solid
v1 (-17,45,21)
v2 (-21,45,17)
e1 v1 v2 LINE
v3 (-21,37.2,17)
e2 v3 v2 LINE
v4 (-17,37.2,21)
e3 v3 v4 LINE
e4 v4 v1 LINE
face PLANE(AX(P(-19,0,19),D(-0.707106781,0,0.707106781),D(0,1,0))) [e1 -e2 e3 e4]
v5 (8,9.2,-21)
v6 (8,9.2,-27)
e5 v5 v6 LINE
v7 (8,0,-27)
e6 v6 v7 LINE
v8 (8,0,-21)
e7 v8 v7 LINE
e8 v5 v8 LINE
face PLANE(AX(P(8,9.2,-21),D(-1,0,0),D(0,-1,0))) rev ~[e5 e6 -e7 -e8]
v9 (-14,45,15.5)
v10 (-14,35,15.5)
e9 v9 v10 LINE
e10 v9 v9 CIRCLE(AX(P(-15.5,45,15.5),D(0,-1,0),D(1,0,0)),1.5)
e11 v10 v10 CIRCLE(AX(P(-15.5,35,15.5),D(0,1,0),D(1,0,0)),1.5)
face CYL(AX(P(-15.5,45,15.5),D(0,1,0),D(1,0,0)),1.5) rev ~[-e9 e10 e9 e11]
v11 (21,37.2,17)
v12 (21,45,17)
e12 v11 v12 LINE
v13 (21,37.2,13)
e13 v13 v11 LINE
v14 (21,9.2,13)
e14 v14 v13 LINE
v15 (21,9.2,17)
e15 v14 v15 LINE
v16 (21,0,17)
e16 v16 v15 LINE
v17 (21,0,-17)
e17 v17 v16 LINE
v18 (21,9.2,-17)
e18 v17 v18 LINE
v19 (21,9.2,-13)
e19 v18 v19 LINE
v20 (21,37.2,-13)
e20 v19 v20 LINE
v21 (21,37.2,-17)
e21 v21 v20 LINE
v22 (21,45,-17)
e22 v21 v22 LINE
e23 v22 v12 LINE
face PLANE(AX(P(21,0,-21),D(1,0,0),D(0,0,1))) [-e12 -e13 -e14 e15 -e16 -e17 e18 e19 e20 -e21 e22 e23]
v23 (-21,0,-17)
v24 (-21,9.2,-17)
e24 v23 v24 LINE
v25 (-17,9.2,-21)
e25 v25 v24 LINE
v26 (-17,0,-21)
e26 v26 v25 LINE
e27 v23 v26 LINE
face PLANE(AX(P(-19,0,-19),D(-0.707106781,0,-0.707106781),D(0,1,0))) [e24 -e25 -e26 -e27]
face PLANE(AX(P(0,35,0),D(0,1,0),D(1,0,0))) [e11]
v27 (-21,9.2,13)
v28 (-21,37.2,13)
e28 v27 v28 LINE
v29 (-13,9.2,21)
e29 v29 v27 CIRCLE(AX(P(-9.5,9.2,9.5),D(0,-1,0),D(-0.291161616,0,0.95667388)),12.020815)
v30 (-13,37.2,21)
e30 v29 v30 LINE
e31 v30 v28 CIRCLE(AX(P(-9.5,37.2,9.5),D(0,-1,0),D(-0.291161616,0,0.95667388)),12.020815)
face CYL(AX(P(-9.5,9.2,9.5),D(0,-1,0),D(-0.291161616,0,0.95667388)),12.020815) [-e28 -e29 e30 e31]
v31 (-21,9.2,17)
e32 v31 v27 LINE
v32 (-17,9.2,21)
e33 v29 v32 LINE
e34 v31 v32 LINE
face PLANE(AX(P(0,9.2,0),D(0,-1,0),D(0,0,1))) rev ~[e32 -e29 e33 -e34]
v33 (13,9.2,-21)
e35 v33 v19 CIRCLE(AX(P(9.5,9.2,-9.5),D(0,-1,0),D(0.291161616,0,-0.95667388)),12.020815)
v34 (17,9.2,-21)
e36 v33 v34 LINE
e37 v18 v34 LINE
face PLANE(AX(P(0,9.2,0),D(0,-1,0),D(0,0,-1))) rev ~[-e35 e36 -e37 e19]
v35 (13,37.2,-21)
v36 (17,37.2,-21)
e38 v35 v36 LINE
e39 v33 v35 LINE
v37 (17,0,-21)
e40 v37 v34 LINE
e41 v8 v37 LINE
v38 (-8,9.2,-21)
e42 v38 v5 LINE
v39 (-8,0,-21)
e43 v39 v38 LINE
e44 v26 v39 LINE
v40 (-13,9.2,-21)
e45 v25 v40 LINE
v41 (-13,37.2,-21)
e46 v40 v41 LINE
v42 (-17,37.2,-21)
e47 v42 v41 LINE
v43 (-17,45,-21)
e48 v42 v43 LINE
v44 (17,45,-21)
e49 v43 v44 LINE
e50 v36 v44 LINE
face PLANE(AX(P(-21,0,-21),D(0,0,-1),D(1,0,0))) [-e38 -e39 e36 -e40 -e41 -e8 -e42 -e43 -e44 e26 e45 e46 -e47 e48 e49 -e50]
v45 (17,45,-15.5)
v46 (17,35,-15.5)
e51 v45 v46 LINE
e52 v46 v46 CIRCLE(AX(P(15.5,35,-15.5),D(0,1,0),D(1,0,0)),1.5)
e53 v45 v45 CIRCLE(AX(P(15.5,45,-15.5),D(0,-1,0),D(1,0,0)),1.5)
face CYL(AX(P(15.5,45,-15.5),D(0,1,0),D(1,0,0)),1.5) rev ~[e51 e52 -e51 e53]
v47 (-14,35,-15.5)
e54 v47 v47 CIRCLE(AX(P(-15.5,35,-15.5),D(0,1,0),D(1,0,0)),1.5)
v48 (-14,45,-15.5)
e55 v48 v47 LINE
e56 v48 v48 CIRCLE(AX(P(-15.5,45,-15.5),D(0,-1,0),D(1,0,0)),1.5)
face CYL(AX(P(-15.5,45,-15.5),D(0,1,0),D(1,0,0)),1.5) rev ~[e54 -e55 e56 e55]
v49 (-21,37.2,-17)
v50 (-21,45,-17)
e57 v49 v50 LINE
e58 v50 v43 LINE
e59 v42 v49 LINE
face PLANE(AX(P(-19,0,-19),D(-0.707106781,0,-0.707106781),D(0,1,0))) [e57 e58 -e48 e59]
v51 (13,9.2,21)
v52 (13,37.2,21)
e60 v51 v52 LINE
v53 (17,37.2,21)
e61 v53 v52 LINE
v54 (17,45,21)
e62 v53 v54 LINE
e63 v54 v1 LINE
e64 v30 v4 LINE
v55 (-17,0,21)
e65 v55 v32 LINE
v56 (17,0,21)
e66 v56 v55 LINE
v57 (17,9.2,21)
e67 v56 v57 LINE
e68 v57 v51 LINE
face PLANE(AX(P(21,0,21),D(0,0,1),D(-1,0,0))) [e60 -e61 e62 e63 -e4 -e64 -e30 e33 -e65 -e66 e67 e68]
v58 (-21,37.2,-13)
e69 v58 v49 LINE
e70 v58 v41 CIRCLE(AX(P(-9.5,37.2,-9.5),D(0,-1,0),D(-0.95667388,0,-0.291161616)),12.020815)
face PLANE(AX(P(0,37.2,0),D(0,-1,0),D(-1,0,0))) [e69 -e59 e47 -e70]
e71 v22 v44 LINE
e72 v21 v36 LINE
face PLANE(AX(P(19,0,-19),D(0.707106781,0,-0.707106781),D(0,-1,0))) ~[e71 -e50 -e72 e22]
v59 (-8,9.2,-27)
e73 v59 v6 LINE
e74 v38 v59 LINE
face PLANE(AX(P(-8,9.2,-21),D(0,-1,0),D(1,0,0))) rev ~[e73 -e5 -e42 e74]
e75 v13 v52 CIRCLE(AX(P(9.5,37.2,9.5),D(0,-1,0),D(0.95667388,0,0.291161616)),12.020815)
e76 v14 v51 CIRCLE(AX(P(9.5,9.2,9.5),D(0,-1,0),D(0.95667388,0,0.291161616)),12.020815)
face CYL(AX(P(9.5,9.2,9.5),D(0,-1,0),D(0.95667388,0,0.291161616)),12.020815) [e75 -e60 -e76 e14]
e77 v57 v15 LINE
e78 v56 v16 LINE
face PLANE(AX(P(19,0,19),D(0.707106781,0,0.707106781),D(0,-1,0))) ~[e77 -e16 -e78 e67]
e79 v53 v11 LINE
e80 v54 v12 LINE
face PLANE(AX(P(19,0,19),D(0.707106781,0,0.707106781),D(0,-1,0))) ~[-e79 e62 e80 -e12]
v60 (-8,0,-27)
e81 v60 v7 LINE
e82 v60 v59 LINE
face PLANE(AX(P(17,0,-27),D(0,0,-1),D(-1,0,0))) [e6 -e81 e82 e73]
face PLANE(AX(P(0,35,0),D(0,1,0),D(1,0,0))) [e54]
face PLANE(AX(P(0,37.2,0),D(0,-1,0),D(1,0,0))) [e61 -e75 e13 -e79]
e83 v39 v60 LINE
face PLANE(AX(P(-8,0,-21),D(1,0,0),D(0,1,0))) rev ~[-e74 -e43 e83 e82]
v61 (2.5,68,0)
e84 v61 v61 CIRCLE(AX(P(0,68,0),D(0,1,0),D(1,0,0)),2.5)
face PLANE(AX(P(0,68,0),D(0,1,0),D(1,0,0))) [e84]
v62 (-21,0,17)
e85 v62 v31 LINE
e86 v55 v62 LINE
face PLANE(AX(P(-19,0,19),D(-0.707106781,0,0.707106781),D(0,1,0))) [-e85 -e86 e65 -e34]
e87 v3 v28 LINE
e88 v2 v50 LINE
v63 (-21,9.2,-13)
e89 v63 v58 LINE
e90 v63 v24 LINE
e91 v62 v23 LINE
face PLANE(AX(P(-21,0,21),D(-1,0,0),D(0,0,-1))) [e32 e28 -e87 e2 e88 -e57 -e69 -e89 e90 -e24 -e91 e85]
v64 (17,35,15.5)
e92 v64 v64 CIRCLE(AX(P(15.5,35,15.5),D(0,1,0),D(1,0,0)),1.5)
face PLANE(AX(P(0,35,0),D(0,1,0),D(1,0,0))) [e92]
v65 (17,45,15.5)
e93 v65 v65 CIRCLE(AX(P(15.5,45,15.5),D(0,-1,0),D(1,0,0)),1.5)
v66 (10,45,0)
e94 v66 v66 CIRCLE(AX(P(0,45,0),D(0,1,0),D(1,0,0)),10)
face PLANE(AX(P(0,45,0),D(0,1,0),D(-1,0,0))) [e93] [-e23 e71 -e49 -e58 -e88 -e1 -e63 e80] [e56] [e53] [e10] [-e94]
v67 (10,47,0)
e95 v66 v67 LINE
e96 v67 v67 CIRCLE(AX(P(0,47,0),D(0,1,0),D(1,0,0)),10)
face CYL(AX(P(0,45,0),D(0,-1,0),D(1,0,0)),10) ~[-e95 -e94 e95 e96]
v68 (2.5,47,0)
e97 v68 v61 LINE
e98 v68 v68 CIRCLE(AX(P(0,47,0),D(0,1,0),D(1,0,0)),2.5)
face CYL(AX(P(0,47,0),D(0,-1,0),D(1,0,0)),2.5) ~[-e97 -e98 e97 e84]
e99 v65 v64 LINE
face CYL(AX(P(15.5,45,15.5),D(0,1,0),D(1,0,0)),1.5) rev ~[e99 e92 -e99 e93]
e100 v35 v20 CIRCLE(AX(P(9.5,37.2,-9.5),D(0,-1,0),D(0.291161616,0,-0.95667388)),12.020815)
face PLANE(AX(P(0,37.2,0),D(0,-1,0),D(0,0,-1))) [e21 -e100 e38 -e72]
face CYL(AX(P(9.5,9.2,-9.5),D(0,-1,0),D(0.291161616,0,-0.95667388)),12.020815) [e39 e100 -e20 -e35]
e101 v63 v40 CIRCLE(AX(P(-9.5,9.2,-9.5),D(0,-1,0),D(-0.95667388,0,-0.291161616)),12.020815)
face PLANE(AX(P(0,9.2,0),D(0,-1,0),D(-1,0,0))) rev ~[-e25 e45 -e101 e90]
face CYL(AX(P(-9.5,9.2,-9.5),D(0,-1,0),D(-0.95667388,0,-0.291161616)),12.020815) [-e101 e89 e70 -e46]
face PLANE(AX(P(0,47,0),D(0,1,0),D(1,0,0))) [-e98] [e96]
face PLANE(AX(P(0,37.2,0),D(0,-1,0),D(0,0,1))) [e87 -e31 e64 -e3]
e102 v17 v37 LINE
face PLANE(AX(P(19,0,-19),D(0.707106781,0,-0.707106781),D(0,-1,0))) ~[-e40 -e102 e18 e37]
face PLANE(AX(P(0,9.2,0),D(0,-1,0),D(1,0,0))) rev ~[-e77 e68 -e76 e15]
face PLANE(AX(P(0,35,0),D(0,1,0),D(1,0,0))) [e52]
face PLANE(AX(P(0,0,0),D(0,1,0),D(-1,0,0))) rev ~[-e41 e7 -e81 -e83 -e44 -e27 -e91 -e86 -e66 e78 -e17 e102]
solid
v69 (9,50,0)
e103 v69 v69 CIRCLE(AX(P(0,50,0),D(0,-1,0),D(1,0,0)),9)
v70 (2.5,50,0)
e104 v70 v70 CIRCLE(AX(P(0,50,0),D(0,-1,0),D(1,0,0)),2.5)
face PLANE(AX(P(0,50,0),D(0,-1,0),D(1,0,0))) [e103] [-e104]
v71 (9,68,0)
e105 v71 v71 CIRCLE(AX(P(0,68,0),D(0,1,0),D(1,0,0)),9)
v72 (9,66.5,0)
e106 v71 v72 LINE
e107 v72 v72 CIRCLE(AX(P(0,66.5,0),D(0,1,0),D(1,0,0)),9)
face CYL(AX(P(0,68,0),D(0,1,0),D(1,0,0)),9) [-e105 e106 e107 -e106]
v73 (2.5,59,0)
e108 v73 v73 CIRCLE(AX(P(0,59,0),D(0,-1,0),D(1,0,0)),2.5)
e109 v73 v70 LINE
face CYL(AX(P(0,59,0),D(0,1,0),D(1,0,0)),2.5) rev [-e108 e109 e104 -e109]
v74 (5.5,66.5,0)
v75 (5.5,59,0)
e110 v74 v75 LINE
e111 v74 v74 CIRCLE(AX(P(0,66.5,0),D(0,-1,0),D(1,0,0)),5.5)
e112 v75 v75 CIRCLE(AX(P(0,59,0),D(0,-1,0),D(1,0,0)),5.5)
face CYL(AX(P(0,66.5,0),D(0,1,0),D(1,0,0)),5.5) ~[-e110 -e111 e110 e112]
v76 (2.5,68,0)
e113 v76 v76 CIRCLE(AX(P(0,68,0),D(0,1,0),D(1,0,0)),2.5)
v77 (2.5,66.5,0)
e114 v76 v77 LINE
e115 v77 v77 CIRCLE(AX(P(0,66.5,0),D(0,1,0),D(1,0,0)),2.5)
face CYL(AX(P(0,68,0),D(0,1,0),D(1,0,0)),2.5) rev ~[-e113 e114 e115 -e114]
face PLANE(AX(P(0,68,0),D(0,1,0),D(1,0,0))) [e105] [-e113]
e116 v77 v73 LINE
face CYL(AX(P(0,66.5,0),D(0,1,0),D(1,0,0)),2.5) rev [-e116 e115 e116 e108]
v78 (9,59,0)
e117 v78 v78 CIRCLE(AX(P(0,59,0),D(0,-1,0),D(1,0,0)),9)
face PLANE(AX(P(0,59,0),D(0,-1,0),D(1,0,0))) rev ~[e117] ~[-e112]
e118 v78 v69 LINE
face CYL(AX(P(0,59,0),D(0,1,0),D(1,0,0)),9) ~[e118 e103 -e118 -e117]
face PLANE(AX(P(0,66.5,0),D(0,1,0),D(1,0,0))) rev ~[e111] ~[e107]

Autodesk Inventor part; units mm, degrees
ref_plane "YZ Plane" through (0, 0, 0) normal (1, 0, 0) x (0, 1, 0)
ref_plane "XZ Plane" through (0, 0, 0) normal (0, 1, 0) x (-1, 0, 0)
ref_plane "XY Plane" through (0, 0, 0) normal (0, 0, 1) x (1, 0, 0)
sketch "Sketch1" plane through (0, 0, 0) normal (0, 1, 0) x (-1, 0, 0)
  line L0 (-21, 21) -> (21, 21)
  line L1 (21, 21) -> (21, -21)
  line L2 (21, -21) -> (-21, -21)
  line L3 (-21, -21) -> (-21, 21)
  line L4 (-21, 21) -> (21, -21) construction
  line L5 (21, 21) -> (-21, -21) construction
  point P0 (0, 0)
  dimension "d0" = 42
  dimension "d1" = 42
extrude "Extrusion1" add sketch "Sketch1" along normal blind 45
sketch "Sketch3" plane through (0, 45, 0) normal (0, 1, 0) x (1, 0, 0)
  circle A0 centre (0, 0) radius 10
  dimension "d4" = 20
extrude "Extrusion2" add sketch "Sketch3" along normal blind 2
sketch "Sketch4" plane through (0, 45, 0) normal (0, 1, 0) x (1, 0, 0)
  circle A0 centre (0, 0) radius 10 projected
  line L0 (-15.5, 15.5) -> (15.5, 15.5)
  line L1 (15.5, 15.5) -> (15.5, -15.5)
  line L2 (15.5, -15.5) -> (-15.5, -15.5)
  line L3 (-15.5, -15.5) -> (-15.5, 15.5)
  line L4 (-15.5, 15.5) -> (15.5, -15.5) construction
  line L5 (15.5, 15.5) -> (-15.5, -15.5) construction
  circle A1 centre (15.5, 15.5) radius 1.5
  circle A2 centre (-15.5, 15.5) radius 1.5
  circle A3 centre (-15.5, -15.5) radius 1.5
  circle A4 centre (15.5, -15.5) radius 1.5
  dimension "d7" = 31
  dimension "d8" = 31
  dimension "d9" = 3
  dimension "d10" = 3
  dimension "d11" = 3
  dimension "d12" = 3
extrude "Extrusion3" cut sketch "Sketch4" against normal blind 10 contours L3 A2 L0 | L0 A2 L3 | A1 L1 L0 | L0 L1 A1 | A3 L2 L3 | L3 L2 A3 | A4 L2 L1 | L1 L2 A4
chamfer "Chamfer1" distance 4 angle 45 4 edges at (-21, 22.5, -21) (21, 22.5, -21) (-21, 22.5, 21) (21, 22.5, 21)
sketch "Sketch5" plane through (0, 47, 0) normal (0, 1, 0) x (1, 0, 0)
  circle A0 centre (0, 0) radius 10 projected
  circle A1 centre (0, 0) radius 2.5
  dimension "d18" = 5
extrude "Extrusion4" add sketch "Sketch5" along normal blind 21 contours A1
ref_plane "Work Plane1" through (0, 9.2, 0) normal (0, -1, 0) x (1, 0, 0)
sketch "Sketch6" plane through (0, 9.2, 0) normal (0, -1, 0) x (1, 0, 0)
  line L0 (17, 21) -> (21, 17) projected
  line L1 (17, 21) -> (-17, 21) projected
  line L2 (-21, 17) -> (-17, 21) projected
  line L3 (-21, 17) -> (-21, -17) projected
  line L4 (-17, -21) -> (-21, -17) projected
  line L5 (-17, -21) -> (17, -21) projected
  line L6 (21, -17) -> (17, -21) projected
  line L7 (21, -17) -> (21, 17) projected
  arc A0 (21, 13) -> (13, 21) centre (9.5, 9.5) ccw
  point P0 (0, 0)
extrude "Extrusion5" cut sketch "Sketch6" against normal blind 28 contours L0 L7 A0 L1
pattern_circular "Circular Pattern1" count 4 over 360 about axis through (0, 47, 0) along (0, 1, 0) of "Extrusion5"
sketch "Sketch7" plane through (0, 68, 0) normal (0, 1, 0) x (1, 0, 0)
  circle A0 centre (0, 0) radius 2.5 projected
  circle A1 centre (0, 0) radius 9
  dimension "d27" = 18
extrude "Extrusion6" add sketch "Sketch7" against normal blind 1.5 separate body
sketch "Sketch8" plane through (0, 66.5, 0) normal (0, -1, 0) x (1, 0, 0)
  circle A0 centre (0, 0) radius 2.5 projected
  circle A1 centre (0, 0) radius 9 projected
  circle A2 centre (0, 0) radius 5.5
  dimension "d30" = 11
extrude "Extrusion7" add sketch "Sketch8" along normal blind 7.5 contours A2 bodies 2
sketch "Sketch9" plane through (0, 59, 0) normal (0, -1, 0) x (1, 0, 0)
  circle A0 centre (0, 0) radius 2.5 projected
  circle A1 centre (0, 0) radius 5.5 projected
  circle A2 centre (0, 0) radius 9
  dimension "d33" = 18
extrude "Extrusion8" add sketch "Sketch9" along normal blind 9 contours A1 | A2 bodies 2
sketch "Sketch10" plane through (17, 0, -21) normal (0, 0, -1) x (-1, 0, 0)
  line L0 (4, 9.2) -> (0, 9.2) projected
  line L1 (34, 0) -> (0, 0) projected
  line L2 (9, 0) -> (25, 0)
  line L3 (25, 0) -> (25, 9.2)
  line L4 (25, 9.2) -> (9, 9.2)
  line L5 (9, 9.2) -> (9, 0)
  point P0 (17, 0)
  dimension "d36" = 16
  dimension "d37" = 8
extrude "Extrusion9" add sketch "Sketch10" along normal blind 6 bodies 1
properties part number "stepmotor small" material "Steel"
